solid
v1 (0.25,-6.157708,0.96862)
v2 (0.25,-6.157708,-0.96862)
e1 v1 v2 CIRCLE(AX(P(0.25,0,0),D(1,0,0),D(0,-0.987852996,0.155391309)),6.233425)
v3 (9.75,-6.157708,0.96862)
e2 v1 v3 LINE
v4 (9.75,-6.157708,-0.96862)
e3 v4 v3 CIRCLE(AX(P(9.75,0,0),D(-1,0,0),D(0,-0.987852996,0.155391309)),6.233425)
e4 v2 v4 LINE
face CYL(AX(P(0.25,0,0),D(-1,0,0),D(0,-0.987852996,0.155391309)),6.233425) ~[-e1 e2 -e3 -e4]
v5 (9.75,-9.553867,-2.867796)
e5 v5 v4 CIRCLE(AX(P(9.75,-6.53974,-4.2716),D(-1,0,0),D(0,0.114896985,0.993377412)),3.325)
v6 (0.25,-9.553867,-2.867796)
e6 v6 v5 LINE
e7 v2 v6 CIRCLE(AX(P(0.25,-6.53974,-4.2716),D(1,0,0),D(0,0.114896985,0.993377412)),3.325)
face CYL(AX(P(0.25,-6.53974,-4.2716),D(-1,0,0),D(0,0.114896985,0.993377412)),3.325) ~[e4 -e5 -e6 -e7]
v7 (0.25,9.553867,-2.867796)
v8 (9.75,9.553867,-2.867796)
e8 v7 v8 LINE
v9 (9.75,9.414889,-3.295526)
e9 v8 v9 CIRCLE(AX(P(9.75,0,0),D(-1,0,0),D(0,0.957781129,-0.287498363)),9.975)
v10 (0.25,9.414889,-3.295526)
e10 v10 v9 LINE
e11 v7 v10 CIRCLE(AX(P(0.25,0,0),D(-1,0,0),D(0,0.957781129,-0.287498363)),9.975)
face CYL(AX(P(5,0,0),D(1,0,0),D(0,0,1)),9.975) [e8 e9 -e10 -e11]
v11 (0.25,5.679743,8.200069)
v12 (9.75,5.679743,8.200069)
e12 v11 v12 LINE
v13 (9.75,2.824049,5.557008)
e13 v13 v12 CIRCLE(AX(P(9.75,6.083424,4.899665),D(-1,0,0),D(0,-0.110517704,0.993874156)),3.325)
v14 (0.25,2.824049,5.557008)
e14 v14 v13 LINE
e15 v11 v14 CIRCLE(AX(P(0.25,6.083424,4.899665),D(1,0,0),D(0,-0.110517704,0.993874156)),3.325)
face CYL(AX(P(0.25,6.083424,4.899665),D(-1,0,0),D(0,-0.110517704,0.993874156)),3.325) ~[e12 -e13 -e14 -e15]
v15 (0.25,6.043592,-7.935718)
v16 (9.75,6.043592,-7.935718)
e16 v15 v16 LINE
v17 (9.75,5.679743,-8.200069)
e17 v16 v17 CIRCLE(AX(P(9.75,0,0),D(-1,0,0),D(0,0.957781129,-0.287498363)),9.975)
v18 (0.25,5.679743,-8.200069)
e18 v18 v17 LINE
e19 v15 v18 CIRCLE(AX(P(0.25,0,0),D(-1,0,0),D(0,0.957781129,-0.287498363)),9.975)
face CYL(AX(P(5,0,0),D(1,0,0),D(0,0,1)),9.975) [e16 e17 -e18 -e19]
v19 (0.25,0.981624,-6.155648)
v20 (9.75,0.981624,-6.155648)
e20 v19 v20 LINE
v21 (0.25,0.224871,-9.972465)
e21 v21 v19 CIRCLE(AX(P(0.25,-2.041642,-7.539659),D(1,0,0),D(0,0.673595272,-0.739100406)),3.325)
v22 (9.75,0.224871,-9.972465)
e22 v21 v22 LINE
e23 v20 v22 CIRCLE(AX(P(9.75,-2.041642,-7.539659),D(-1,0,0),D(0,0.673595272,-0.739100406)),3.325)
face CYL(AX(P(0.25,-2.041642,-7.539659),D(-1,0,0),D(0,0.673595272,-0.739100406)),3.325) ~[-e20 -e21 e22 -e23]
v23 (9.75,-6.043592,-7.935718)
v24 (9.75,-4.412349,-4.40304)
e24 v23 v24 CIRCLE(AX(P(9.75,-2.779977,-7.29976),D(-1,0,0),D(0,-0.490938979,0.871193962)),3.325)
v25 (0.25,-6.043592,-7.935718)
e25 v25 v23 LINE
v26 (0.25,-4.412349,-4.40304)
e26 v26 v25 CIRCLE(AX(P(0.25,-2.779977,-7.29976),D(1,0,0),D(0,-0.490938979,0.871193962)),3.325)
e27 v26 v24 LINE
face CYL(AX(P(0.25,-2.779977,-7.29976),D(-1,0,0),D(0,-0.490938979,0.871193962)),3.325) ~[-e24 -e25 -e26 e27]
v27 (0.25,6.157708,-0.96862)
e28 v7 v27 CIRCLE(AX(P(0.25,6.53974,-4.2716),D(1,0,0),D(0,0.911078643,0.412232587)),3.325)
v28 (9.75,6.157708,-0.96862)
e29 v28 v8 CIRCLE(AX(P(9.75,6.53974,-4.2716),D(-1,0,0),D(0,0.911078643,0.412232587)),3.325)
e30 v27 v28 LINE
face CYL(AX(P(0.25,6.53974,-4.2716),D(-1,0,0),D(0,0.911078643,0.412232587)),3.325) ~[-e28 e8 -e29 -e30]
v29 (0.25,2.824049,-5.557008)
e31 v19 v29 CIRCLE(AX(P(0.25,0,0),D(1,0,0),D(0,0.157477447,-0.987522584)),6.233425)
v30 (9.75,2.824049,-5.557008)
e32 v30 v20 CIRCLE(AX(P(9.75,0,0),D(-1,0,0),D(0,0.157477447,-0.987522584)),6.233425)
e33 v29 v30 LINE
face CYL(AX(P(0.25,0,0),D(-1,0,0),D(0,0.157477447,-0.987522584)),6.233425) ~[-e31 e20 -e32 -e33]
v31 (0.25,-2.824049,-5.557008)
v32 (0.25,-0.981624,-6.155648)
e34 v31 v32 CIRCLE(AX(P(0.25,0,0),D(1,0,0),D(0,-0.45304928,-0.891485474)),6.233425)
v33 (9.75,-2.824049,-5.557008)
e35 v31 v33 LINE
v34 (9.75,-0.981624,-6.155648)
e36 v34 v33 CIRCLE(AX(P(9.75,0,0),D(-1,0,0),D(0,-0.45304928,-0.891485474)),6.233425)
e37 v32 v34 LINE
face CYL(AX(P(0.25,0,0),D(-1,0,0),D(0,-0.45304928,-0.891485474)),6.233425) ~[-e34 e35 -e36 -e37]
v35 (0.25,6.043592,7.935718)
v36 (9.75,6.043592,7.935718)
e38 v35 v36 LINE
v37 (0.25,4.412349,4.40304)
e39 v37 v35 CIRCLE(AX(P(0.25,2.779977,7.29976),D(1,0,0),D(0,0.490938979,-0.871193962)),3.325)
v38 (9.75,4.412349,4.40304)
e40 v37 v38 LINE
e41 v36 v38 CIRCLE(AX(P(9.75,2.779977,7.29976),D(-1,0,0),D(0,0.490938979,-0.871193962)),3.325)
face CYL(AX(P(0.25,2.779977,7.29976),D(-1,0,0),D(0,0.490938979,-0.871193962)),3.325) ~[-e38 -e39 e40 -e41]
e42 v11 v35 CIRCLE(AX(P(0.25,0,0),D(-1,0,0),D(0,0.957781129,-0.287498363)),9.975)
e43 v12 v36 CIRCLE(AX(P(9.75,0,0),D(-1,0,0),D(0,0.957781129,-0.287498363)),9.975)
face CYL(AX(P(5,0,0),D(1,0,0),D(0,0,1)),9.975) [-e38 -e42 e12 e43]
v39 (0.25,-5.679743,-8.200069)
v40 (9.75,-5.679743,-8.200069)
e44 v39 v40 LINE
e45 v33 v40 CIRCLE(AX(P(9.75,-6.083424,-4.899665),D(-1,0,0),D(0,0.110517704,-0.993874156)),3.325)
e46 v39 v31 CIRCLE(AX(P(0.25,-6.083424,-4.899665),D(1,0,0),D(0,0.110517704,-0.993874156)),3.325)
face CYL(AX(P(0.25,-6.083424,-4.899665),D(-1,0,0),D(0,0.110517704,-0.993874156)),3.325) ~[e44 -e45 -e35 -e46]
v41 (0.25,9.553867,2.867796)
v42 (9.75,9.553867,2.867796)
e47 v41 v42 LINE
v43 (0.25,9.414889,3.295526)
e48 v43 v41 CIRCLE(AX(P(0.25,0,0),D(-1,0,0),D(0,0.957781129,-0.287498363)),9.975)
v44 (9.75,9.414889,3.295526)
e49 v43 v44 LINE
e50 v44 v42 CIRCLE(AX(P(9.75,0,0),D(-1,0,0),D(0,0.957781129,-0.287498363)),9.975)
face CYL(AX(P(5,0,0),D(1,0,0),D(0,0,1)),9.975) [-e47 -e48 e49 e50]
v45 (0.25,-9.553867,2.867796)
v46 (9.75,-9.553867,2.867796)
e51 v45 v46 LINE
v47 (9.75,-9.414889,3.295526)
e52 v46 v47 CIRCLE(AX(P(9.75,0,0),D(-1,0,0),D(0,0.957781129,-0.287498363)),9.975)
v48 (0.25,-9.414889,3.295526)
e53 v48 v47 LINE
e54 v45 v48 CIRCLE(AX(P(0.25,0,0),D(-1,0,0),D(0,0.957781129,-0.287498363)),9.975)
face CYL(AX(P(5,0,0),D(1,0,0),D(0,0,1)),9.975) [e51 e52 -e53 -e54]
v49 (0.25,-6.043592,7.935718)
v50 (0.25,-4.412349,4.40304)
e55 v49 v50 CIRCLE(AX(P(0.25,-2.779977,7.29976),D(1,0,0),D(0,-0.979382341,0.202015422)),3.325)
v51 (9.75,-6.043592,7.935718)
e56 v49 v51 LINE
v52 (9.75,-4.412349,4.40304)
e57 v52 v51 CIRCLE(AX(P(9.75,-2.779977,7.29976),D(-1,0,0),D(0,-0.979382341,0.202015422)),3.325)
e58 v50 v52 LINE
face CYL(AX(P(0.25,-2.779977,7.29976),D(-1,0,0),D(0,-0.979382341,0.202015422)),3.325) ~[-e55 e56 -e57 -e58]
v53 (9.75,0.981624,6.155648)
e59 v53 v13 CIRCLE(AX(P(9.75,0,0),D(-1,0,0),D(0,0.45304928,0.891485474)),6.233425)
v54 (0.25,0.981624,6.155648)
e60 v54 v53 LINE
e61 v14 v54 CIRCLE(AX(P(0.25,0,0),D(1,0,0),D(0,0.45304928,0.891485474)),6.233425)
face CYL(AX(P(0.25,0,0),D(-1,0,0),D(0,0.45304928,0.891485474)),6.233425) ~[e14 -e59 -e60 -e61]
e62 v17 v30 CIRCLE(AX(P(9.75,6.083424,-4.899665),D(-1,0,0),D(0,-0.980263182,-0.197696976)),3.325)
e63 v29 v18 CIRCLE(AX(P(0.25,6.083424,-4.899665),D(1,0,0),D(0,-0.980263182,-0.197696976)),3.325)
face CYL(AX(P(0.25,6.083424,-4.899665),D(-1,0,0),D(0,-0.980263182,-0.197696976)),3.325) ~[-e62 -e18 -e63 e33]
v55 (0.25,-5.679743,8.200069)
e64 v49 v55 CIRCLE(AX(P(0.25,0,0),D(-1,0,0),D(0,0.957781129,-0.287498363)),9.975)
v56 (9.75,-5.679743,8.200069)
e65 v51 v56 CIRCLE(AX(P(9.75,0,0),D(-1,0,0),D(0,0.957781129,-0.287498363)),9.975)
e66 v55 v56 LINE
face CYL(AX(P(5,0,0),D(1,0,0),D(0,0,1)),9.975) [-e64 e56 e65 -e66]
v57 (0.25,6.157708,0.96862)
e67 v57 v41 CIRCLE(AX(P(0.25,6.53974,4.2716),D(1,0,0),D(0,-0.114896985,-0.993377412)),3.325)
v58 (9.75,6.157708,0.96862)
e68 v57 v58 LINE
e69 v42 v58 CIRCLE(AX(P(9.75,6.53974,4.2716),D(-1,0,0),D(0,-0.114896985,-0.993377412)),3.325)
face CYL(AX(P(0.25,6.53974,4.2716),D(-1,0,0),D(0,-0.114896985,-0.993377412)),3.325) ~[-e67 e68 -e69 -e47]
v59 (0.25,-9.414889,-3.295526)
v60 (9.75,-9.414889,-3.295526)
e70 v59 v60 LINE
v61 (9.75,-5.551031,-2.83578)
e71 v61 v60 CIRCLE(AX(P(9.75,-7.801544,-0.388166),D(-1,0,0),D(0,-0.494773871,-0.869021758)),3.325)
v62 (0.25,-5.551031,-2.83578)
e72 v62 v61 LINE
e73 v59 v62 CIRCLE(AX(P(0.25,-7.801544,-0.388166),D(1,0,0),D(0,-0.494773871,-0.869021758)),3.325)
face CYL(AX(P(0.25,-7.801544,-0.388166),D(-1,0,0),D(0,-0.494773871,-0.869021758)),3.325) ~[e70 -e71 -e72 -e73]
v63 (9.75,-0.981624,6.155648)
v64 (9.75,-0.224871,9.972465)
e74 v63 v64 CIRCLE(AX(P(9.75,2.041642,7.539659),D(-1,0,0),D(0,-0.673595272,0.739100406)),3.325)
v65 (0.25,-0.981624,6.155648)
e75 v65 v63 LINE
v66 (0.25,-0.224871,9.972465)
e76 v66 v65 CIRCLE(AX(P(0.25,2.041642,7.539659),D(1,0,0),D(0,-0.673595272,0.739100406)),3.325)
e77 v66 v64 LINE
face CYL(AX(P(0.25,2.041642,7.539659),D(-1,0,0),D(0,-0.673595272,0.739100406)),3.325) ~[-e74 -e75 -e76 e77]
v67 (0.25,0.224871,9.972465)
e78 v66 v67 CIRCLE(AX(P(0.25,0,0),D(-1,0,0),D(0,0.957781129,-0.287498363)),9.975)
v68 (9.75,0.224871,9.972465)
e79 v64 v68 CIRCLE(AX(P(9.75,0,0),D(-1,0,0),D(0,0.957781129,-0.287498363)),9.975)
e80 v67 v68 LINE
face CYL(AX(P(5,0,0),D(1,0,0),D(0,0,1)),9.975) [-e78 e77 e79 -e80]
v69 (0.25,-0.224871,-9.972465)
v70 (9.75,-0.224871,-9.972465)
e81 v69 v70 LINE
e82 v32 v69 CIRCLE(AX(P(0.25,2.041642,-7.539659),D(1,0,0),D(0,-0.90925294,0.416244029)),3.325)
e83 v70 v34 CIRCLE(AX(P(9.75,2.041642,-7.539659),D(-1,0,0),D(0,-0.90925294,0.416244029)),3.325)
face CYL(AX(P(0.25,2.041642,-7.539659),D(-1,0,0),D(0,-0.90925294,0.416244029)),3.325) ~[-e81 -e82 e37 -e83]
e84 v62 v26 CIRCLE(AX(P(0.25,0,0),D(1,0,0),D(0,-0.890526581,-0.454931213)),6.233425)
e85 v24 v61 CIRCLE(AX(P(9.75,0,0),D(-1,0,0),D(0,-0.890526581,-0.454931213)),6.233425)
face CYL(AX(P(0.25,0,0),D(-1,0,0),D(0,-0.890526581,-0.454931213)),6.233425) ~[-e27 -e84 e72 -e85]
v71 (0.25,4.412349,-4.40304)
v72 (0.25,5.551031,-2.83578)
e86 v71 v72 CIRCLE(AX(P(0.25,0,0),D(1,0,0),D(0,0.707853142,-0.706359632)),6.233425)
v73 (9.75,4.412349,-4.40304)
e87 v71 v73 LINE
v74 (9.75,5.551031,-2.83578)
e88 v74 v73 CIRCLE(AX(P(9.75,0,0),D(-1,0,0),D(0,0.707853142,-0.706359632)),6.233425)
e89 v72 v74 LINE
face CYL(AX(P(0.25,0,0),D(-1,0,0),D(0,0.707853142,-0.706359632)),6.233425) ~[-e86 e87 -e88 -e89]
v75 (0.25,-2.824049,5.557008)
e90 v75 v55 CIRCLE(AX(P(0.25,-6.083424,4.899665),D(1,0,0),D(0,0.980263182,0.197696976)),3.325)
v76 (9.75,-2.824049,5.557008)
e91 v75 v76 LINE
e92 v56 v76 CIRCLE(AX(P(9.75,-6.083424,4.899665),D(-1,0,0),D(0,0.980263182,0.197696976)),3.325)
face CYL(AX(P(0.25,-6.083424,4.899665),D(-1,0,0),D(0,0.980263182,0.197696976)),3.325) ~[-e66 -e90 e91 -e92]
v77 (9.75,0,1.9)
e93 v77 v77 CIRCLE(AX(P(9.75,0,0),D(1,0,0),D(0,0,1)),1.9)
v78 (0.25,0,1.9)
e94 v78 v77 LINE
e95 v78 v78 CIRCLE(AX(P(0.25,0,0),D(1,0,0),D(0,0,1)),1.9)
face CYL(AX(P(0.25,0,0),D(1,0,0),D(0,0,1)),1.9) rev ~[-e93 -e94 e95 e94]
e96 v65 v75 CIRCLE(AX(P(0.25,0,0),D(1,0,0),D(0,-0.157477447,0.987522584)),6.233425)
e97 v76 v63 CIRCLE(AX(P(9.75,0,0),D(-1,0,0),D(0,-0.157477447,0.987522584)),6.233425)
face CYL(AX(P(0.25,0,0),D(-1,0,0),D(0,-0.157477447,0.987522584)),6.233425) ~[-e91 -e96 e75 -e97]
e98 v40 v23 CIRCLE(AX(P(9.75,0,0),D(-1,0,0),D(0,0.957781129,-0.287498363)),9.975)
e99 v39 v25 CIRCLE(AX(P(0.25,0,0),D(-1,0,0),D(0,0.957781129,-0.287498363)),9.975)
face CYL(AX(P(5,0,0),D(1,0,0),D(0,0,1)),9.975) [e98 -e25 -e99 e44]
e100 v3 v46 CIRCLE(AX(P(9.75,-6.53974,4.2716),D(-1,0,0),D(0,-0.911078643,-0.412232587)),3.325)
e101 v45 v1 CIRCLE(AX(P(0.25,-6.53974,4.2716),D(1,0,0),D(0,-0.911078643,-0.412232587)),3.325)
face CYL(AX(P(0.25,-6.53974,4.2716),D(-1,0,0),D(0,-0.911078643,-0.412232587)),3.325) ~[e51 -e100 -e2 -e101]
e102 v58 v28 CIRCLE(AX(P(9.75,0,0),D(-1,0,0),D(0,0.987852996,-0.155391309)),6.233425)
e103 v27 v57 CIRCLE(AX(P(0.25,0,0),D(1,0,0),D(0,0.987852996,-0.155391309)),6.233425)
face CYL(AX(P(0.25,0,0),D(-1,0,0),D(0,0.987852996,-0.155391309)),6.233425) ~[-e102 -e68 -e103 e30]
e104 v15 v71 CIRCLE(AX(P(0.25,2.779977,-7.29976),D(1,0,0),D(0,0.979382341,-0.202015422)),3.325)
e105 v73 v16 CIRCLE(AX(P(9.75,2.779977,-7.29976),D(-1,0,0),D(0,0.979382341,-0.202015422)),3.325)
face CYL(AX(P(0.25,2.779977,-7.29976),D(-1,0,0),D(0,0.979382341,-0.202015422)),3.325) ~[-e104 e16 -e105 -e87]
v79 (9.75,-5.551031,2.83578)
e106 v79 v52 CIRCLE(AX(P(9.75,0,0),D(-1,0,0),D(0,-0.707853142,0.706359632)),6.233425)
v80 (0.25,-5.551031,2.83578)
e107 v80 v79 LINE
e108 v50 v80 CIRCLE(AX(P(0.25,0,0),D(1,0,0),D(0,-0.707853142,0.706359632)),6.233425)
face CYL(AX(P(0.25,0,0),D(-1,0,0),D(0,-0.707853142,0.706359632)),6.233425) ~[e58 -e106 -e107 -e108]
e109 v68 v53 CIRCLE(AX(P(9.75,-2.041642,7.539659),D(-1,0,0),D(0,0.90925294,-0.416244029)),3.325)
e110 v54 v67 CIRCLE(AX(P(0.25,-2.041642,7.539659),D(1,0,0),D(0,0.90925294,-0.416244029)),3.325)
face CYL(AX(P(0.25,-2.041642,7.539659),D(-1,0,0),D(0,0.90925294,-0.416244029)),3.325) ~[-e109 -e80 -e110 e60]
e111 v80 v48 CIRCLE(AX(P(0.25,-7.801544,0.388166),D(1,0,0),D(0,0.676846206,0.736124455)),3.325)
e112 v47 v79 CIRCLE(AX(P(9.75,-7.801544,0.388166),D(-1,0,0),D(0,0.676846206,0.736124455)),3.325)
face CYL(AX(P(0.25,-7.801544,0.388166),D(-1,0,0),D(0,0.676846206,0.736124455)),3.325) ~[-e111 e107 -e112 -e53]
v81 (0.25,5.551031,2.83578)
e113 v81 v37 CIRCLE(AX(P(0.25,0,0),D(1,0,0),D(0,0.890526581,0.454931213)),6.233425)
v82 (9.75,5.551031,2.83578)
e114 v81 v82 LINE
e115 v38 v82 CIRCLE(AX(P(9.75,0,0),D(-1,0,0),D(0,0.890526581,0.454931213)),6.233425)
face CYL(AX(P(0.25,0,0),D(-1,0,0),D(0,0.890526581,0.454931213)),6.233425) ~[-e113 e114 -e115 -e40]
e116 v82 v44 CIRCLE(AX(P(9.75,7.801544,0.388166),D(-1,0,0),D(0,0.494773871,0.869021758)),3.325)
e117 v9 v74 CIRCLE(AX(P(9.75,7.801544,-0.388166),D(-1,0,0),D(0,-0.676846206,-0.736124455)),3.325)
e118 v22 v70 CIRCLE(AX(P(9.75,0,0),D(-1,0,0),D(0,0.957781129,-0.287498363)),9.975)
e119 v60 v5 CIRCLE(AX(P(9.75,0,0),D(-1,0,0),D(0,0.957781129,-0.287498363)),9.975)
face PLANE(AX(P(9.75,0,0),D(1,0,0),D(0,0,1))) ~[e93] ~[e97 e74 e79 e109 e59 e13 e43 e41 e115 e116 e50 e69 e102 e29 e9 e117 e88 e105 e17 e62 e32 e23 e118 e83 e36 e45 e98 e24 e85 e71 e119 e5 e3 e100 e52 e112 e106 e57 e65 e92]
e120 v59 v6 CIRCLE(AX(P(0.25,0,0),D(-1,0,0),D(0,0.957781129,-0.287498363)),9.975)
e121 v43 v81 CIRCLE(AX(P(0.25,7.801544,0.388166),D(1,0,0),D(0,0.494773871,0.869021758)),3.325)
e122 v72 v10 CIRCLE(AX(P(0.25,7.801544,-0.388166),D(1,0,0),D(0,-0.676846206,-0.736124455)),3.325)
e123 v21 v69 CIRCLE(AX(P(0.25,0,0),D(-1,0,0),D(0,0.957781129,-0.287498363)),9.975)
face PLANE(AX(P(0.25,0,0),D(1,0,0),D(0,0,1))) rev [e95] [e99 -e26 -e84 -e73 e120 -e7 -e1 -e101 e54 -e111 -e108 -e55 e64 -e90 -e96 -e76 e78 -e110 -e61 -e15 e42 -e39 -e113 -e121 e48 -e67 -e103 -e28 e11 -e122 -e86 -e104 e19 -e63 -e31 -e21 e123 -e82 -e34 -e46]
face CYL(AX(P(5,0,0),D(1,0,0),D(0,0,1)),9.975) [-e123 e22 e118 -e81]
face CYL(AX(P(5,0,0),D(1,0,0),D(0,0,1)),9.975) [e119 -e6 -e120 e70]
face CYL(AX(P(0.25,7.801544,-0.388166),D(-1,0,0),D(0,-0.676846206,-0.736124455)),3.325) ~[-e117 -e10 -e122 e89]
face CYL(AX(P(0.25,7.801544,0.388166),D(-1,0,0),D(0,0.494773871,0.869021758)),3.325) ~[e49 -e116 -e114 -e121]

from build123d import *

# Parameters (mm, degrees)
BASPROSKE_W     = 10
BASPROSKE_H     = 10.5
TOOTHCUT_DEPTH  = 18.90251379
TEETHCUTS_COUNT = 10
TEETHCUTS_ANGLE = 324
BORSKE_R        = 2
BORE_DEPTH      = 50.0000508
SCALE1_SCALE    = 0.95


with BuildPart() as part:
    # BasProSke → Base-Revolve (revolve)
    with BuildSketch(Plane(origin=(0, 0, 0), x_dir=(1, 0, 0), z_dir=(0, 1, 0)), mode=Mode.PRIVATE) as base_revolve_sk:
        with Locations((5, 5.25)):
            Rectangle(BASPROSKE_W, BASPROSKE_H)
    revolve(base_revolve_sk.sketch.rotate(Axis((-10, 0, 0), (1, 0, 0)), 180), axis=Axis((-10, 0, 0), (1, 0, 0)))

    # TooCutSke → ToothCut (cut, through all)
    with BuildSketch(Plane(origin=(0, 0, 0), x_dir=(0, 0, -1), z_dir=(1, 0, 0))):
        with BuildLine():
            ThreePointArc((1.019600066, 6.481797432), (0, 6.5615), (-1.019600066, 6.481797432))
            ThreePointArc((-1.019600066, 6.481797432), (-1.451036104, 8.608938557), (-3.053606956, 10.072712133))
            ThreePointArc((-3.053606956, 10.072712133), (0, 10.5254), (3.053606956, 10.072712133))
            ThreePointArc((3.053606956, 10.072712133), (1.451036104, 8.608938557), (1.019600066, 6.481797432))
        make_face()
    toothcut = extrude(amount=TOOTHCUT_DEPTH, mode=Mode.SUBTRACT)

    # TeethCuts: ToothCut ×10 about axis
    teethcuts_axis = Axis((-10, 0, 0), (1, 0, 0))
    for i in range(1, TEETHCUTS_COUNT):
        add(toothcut.rotate(teethcuts_axis, i * TEETHCUTS_ANGLE / (TEETHCUTS_COUNT - 1)), mode=Mode.SUBTRACT)

    # BorSke → Bore (cut, symmetric)
    with BuildSketch(Plane(origin=(0, 0, 0), x_dir=(0, 0, -1), z_dir=(1, 0, 0))):
        with Locations(Location((0, 0, 0), (0, 0, 180))):
            Circle(BORSKE_R)
    extrude(amount=BORE_DEPTH, both=True, mode=Mode.SUBTRACT)


with BuildPart() as part_1:
    # Scale1: scaled about (5, 0, 0)
    add(part.part.scale(SCALE1_SCALE).moved(Location((0.25, 0, 0))))


solid = part_1.part
